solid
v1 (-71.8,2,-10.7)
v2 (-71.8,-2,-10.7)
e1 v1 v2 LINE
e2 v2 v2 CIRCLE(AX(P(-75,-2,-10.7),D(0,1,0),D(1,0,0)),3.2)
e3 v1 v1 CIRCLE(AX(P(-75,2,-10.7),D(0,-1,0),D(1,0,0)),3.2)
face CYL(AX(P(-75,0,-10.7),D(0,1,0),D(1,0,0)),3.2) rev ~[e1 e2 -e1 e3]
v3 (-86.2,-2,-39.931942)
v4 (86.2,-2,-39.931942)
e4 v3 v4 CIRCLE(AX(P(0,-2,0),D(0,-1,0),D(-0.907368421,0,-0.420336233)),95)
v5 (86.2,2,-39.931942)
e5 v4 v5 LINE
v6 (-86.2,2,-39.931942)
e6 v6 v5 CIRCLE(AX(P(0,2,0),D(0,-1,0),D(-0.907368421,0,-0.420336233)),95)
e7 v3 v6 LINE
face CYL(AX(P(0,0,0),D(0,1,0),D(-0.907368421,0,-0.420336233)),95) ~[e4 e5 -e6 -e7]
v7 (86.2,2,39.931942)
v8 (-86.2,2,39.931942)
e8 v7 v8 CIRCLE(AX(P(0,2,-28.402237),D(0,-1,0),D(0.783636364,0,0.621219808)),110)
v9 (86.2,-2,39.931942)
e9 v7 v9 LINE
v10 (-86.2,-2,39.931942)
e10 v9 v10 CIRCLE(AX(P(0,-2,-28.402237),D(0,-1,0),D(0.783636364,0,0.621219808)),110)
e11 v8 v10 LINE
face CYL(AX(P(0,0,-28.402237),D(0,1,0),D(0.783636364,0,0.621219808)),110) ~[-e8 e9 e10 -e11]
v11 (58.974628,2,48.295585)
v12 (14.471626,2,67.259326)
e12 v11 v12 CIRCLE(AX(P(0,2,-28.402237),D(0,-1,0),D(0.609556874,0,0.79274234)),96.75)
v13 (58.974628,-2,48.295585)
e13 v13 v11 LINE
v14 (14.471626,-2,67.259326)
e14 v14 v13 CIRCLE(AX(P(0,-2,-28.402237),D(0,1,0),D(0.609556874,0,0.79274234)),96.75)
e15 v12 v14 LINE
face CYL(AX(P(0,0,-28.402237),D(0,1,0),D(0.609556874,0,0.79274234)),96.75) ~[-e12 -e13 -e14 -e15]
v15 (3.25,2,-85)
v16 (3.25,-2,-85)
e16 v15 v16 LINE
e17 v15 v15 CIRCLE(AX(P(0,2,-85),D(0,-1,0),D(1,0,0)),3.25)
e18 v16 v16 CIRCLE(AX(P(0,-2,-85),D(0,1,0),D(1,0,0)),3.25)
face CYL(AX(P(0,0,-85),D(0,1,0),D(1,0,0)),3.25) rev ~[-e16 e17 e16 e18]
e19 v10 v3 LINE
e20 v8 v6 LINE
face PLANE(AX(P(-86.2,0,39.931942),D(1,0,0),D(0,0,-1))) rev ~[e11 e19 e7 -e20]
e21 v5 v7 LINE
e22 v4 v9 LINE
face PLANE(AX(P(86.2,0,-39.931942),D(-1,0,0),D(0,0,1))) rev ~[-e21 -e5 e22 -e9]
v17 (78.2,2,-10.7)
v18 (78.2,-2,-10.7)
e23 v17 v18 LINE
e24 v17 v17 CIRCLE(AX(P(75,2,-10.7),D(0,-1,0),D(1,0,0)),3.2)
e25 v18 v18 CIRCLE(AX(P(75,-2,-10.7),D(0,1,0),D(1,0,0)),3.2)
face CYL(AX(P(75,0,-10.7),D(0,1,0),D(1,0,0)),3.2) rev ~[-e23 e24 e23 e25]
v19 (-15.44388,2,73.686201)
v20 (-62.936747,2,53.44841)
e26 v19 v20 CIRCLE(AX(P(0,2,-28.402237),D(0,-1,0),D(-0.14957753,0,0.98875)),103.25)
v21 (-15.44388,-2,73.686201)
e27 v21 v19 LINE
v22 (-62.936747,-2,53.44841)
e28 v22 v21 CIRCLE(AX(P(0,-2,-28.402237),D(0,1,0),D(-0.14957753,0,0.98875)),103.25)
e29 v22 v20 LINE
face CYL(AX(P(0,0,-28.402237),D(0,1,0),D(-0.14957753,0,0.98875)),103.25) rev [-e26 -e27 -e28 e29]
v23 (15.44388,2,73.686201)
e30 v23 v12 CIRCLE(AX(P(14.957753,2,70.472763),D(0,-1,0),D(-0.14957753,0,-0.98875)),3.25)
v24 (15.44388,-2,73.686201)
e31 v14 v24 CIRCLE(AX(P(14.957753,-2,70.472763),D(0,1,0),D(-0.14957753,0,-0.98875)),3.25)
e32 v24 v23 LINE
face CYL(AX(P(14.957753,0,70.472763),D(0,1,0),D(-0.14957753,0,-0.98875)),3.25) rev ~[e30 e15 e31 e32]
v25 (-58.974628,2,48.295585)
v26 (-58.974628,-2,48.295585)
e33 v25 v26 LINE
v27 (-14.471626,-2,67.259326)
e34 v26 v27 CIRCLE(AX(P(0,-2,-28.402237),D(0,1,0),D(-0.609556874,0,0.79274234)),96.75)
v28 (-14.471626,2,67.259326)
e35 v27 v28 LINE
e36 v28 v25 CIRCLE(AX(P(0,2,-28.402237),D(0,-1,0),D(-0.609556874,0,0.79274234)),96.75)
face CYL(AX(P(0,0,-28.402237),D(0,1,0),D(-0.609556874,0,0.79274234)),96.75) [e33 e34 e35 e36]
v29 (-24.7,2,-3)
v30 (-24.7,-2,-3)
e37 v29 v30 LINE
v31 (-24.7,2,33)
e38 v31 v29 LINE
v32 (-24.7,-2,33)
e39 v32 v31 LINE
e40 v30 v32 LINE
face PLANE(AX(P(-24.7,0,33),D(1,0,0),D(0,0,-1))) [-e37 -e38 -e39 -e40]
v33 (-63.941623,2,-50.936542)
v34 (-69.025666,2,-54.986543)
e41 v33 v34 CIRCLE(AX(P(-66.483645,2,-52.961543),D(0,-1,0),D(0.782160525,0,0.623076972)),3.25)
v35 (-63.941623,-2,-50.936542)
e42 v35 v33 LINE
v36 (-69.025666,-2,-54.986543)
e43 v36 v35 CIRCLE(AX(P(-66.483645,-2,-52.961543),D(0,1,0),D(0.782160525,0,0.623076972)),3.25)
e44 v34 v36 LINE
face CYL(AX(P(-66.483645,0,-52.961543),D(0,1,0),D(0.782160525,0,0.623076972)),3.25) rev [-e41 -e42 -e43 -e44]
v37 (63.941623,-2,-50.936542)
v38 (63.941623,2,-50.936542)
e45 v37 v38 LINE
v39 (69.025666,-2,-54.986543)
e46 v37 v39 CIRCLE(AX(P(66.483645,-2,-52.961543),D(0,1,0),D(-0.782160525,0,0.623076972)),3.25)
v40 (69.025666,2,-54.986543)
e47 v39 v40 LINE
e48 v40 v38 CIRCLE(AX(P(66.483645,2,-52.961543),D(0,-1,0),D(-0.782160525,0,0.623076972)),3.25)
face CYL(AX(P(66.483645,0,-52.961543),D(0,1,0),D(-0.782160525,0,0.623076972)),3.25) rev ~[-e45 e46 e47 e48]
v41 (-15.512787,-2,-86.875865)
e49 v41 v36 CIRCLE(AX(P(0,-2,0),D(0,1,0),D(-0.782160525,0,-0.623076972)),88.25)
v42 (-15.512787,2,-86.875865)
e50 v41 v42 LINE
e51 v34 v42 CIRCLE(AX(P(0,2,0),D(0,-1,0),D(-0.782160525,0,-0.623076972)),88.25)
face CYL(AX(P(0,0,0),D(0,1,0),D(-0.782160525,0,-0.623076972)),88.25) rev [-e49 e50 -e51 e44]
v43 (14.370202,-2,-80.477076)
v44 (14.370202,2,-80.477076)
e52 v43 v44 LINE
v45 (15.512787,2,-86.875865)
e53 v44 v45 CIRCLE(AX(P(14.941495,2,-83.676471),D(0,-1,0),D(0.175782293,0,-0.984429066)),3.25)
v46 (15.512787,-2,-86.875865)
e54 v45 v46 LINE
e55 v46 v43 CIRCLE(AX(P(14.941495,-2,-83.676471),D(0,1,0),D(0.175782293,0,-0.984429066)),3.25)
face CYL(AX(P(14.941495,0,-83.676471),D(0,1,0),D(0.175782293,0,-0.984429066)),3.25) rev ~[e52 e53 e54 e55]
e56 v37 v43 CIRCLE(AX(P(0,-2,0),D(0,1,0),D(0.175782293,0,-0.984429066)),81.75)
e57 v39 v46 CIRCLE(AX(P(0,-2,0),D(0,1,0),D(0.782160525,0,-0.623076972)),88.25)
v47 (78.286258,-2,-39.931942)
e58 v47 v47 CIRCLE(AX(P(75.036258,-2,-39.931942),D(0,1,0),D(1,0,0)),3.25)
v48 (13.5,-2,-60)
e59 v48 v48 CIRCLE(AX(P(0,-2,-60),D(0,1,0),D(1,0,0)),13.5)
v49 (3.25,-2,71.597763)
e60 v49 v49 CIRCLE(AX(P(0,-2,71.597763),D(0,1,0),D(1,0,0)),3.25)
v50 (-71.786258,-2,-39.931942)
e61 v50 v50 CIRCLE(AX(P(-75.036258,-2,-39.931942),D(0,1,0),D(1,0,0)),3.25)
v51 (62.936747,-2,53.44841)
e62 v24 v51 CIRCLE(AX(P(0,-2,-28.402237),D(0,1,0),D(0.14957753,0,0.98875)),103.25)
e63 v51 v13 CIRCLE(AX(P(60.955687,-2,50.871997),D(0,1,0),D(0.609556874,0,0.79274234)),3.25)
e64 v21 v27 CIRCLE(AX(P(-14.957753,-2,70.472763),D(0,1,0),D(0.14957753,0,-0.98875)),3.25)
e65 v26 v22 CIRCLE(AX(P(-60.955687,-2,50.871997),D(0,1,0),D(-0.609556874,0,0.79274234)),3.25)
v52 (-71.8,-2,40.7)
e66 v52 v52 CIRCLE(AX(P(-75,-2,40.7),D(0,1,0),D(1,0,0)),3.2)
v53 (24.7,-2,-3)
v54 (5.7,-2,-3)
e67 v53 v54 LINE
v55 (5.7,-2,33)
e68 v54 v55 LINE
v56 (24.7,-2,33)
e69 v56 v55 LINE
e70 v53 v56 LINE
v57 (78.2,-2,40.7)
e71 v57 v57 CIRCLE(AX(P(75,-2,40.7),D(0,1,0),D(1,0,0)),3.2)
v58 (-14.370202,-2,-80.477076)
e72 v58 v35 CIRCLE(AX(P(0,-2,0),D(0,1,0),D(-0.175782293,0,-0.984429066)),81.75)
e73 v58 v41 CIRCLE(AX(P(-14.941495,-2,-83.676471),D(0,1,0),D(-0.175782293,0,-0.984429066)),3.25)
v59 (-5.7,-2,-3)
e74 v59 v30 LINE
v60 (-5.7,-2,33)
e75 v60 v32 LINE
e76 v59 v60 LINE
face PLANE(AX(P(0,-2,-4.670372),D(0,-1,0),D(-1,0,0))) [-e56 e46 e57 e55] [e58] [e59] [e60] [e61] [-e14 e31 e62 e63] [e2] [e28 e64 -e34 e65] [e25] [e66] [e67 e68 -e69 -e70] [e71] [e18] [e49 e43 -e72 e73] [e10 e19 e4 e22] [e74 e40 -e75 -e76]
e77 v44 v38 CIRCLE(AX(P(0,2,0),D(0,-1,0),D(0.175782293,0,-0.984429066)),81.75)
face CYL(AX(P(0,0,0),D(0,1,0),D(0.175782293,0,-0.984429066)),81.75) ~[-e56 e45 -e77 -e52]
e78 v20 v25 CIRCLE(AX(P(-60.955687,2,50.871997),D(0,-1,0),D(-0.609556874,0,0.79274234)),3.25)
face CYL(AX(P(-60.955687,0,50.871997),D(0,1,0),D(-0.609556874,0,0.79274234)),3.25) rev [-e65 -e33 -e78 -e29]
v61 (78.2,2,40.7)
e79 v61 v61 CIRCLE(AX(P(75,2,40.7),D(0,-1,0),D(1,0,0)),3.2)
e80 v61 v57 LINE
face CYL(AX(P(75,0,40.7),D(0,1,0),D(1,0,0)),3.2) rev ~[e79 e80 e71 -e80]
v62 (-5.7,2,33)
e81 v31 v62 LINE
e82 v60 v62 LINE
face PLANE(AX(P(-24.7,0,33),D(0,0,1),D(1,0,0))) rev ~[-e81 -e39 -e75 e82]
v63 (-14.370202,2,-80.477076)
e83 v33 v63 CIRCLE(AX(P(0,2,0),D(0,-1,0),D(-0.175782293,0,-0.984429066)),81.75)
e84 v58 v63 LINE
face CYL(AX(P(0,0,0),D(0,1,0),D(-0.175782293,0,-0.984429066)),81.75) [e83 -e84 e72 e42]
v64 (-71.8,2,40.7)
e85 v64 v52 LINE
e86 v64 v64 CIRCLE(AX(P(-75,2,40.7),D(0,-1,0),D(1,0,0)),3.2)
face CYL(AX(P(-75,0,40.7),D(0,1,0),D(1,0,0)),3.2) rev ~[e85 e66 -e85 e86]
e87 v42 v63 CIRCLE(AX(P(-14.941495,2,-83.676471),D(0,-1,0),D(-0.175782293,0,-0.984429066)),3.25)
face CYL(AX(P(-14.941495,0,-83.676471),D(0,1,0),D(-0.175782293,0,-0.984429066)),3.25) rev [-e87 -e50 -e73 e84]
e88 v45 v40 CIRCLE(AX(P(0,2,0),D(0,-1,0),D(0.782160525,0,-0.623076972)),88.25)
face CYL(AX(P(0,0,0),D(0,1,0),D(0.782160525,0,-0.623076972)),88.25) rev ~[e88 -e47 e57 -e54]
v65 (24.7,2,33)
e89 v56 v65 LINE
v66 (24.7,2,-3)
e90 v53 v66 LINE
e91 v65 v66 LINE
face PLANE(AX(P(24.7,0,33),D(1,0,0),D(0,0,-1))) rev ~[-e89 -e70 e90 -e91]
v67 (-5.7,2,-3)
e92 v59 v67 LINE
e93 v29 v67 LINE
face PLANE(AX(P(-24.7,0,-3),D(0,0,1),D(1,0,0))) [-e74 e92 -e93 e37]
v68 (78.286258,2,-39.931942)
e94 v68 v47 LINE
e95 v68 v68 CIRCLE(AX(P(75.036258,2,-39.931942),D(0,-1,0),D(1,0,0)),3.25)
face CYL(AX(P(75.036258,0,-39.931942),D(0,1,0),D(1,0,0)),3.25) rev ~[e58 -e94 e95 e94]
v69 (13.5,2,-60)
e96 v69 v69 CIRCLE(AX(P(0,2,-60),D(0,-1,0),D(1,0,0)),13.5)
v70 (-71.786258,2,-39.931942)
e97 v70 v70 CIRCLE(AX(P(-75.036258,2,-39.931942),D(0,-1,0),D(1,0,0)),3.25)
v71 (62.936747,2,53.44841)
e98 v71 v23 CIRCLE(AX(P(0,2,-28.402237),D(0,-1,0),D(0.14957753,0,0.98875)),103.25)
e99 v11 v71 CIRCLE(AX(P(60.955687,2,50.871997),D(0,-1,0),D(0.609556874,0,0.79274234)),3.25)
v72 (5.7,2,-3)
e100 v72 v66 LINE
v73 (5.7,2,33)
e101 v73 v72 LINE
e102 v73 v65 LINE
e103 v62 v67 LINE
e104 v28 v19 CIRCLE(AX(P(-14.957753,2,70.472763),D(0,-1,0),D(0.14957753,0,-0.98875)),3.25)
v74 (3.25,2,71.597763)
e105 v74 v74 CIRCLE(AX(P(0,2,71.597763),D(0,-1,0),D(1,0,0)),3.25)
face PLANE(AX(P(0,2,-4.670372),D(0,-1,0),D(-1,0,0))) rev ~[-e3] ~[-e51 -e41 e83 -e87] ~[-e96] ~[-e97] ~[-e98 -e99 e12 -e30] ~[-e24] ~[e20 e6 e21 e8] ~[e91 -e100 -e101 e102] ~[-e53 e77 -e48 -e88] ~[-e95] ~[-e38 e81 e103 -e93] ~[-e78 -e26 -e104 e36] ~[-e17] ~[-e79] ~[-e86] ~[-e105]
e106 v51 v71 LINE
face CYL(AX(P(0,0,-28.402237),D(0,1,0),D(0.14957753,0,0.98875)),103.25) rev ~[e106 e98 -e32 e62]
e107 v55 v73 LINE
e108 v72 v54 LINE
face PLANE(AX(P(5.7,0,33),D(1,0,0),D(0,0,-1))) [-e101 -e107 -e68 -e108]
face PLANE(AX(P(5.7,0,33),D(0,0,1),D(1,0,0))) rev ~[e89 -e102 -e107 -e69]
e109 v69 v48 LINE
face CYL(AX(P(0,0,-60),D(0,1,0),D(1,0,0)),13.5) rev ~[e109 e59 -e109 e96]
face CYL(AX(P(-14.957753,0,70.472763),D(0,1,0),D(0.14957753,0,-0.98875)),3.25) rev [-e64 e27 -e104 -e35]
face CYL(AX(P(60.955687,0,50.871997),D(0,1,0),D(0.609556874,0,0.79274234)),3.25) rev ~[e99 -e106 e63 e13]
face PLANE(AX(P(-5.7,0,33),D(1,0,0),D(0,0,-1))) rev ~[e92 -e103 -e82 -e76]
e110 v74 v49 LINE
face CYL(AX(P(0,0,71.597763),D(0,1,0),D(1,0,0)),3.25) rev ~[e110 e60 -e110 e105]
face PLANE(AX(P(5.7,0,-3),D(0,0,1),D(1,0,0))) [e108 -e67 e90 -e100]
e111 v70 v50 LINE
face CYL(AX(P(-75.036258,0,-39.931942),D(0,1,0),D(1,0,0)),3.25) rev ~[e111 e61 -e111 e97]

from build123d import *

# Parameters (mm, degrees)
BOSS_EXTRUDE1_DEPTH     = 2
SKETCH2_R               = 3.2
SKETCH2_R_2             = 3.25
CUT_HOLES_DEPTH         = 3
CUT_HOLES_DEPTH_BACK    = 3
SKETCH3_R               = 13.5
SKETCH3_W               = 19
SKETCH3_H               = 36
CUT_EXTRUDE2_DEPTH      = 3
CUT_EXTRUDE2_DEPTH_BACK = 3


with BuildPart() as part:
    # Sketch1 → Boss-Extrude1 (new body, symmetric)
    with BuildSketch(Plane(origin=(0, 0, 0), x_dir=(1, 0, 0), z_dir=(0, 1, 0))):
        with BuildLine():
            Line((86.2, 39.931942102), (86.2, -39.931942102))
            ThreePointArc((86.2, -39.931942102), (0, -81.597763245), (-86.2, -39.931942102))
            Line((-86.2, -39.931942102), (-86.2, 39.931942102))
            ThreePointArc((-86.2, 39.931942102), (0, 95), (86.2, 39.931942102))
        make_face()
    extrude(amount=BOSS_EXTRUDE1_DEPTH, both=True)

    # Sketch2 → Cut-Holes (cut, two sides)
    with BuildSketch(Plane(origin=(0, 0, 0), x_dir=(1, 0, 0), z_dir=(0, 1, 0))) as cut_holes_sk:
        with Locations((-75, 10.7)):
            Circle(SKETCH2_R)
        with Locations((-75, -40.7)):
            Circle(SKETCH2_R)
        with Locations((75, -40.7)):
            Circle(SKETCH2_R)
        with Locations((75, 10.7)):
            Circle(SKETCH2_R)
        with Locations((0, -71.597763245)):
            Circle(SKETCH2_R_2)
        with Locations((0, 85)):
            Circle(SKETCH2_R_2)
        with Locations((-75.036257902, 39.931942102)):
            Circle(SKETCH2_R_2)
        with Locations((75.036257902, 39.931942102)):
            Circle(SKETCH2_R_2)
        with BuildLine():
            ThreePointArc((14.471626034, -67.259325745), (11.744315506, -70.958890218), (15.443879979, -73.686200745))
            ThreePointArc((15.443879979, -73.686200745), (40.475581865, -66.58349782), (62.936747266, -53.448409812))
            ThreePointArc((62.936747266, -53.448409812), (63.532100029, -48.890937367), (58.974627584, -48.295584605))
            ThreePointArc((58.974627584, -48.295584605), (37.92748228, -60.603766345), (14.471626034, -67.259325745))
        make_face()
        with BuildLine():
            ThreePointArc((-62.936747266, -53.448409812), (-63.532100029, -48.890937367), (-58.974627584, -48.295584605))
            ThreePointArc((-58.974627584, -48.295584605), (-37.92748228, -60.603766345), (-14.471626034, -67.259325745))
            ThreePointArc((-14.471626034, -67.259325745), (-11.744315506, -70.958890218), (-15.443879979, -73.686200745))
            ThreePointArc((-15.443879979, -73.686200745), (-40.475581865, -66.58349782), (-62.936747266, -53.448409812))
        make_face()
        with BuildLine():
            ThreePointArc((-63.94162293, 50.936542452), (-68.508644796, 50.419520904), (-69.025666344, 54.98654277))
            ThreePointArc((-69.025666344, 54.98654277), (-45.1765399, 75.809911903), (-15.512787354, 86.875865052))
            ThreePointArc((-15.512787354, 86.875865052), (-11.742100438, 84.24776304), (-14.37020245, 80.477076125))
            ThreePointArc((-14.37020245, 80.477076125), (-41.849089369, 70.226179015), (-63.94162293, 50.936542452))
        make_face()
        with BuildLine():
            ThreePointArc((15.512787354, 86.875865052), (11.742100438, 84.24776304), (14.37020245, 80.477076125))
            ThreePointArc((14.37020245, 80.477076125), (41.849089369, 70.226179015), (63.94162293, 50.936542452))
            ThreePointArc((63.94162293, 50.936542452), (68.508644796, 50.419520904), (69.025666344, 54.98654277))
            ThreePointArc((69.025666344, 54.98654277), (45.1765399, 75.809911903), (15.512787354, 86.875865052))
        make_face()
    extrude(amount=CUT_HOLES_DEPTH, mode=Mode.SUBTRACT)
    extrude(cut_holes_sk.sketch, amount=-CUT_HOLES_DEPTH_BACK, mode=Mode.SUBTRACT)

    # Sketch3 → Cut-Extrude2 (cut, two sides)
    with BuildSketch(Plane(origin=(0, 0, 0), x_dir=(1, 0, 0), z_dir=(0, 1, 0))) as cut_extrude2_sk:
        with Locations((0, 60)):
            Circle(SKETCH3_R)
        with Locations((-15.2, -15)):
            Rectangle(SKETCH3_W, SKETCH3_H)
        with Locations((15.2, -15)):
            Rectangle(SKETCH3_W, SKETCH3_H)
    extrude(amount=CUT_EXTRUDE2_DEPTH, mode=Mode.SUBTRACT)
    extrude(cut_extrude2_sk.sketch, amount=-CUT_EXTRUDE2_DEPTH_BACK, mode=Mode.SUBTRACT)


solid = part.part
